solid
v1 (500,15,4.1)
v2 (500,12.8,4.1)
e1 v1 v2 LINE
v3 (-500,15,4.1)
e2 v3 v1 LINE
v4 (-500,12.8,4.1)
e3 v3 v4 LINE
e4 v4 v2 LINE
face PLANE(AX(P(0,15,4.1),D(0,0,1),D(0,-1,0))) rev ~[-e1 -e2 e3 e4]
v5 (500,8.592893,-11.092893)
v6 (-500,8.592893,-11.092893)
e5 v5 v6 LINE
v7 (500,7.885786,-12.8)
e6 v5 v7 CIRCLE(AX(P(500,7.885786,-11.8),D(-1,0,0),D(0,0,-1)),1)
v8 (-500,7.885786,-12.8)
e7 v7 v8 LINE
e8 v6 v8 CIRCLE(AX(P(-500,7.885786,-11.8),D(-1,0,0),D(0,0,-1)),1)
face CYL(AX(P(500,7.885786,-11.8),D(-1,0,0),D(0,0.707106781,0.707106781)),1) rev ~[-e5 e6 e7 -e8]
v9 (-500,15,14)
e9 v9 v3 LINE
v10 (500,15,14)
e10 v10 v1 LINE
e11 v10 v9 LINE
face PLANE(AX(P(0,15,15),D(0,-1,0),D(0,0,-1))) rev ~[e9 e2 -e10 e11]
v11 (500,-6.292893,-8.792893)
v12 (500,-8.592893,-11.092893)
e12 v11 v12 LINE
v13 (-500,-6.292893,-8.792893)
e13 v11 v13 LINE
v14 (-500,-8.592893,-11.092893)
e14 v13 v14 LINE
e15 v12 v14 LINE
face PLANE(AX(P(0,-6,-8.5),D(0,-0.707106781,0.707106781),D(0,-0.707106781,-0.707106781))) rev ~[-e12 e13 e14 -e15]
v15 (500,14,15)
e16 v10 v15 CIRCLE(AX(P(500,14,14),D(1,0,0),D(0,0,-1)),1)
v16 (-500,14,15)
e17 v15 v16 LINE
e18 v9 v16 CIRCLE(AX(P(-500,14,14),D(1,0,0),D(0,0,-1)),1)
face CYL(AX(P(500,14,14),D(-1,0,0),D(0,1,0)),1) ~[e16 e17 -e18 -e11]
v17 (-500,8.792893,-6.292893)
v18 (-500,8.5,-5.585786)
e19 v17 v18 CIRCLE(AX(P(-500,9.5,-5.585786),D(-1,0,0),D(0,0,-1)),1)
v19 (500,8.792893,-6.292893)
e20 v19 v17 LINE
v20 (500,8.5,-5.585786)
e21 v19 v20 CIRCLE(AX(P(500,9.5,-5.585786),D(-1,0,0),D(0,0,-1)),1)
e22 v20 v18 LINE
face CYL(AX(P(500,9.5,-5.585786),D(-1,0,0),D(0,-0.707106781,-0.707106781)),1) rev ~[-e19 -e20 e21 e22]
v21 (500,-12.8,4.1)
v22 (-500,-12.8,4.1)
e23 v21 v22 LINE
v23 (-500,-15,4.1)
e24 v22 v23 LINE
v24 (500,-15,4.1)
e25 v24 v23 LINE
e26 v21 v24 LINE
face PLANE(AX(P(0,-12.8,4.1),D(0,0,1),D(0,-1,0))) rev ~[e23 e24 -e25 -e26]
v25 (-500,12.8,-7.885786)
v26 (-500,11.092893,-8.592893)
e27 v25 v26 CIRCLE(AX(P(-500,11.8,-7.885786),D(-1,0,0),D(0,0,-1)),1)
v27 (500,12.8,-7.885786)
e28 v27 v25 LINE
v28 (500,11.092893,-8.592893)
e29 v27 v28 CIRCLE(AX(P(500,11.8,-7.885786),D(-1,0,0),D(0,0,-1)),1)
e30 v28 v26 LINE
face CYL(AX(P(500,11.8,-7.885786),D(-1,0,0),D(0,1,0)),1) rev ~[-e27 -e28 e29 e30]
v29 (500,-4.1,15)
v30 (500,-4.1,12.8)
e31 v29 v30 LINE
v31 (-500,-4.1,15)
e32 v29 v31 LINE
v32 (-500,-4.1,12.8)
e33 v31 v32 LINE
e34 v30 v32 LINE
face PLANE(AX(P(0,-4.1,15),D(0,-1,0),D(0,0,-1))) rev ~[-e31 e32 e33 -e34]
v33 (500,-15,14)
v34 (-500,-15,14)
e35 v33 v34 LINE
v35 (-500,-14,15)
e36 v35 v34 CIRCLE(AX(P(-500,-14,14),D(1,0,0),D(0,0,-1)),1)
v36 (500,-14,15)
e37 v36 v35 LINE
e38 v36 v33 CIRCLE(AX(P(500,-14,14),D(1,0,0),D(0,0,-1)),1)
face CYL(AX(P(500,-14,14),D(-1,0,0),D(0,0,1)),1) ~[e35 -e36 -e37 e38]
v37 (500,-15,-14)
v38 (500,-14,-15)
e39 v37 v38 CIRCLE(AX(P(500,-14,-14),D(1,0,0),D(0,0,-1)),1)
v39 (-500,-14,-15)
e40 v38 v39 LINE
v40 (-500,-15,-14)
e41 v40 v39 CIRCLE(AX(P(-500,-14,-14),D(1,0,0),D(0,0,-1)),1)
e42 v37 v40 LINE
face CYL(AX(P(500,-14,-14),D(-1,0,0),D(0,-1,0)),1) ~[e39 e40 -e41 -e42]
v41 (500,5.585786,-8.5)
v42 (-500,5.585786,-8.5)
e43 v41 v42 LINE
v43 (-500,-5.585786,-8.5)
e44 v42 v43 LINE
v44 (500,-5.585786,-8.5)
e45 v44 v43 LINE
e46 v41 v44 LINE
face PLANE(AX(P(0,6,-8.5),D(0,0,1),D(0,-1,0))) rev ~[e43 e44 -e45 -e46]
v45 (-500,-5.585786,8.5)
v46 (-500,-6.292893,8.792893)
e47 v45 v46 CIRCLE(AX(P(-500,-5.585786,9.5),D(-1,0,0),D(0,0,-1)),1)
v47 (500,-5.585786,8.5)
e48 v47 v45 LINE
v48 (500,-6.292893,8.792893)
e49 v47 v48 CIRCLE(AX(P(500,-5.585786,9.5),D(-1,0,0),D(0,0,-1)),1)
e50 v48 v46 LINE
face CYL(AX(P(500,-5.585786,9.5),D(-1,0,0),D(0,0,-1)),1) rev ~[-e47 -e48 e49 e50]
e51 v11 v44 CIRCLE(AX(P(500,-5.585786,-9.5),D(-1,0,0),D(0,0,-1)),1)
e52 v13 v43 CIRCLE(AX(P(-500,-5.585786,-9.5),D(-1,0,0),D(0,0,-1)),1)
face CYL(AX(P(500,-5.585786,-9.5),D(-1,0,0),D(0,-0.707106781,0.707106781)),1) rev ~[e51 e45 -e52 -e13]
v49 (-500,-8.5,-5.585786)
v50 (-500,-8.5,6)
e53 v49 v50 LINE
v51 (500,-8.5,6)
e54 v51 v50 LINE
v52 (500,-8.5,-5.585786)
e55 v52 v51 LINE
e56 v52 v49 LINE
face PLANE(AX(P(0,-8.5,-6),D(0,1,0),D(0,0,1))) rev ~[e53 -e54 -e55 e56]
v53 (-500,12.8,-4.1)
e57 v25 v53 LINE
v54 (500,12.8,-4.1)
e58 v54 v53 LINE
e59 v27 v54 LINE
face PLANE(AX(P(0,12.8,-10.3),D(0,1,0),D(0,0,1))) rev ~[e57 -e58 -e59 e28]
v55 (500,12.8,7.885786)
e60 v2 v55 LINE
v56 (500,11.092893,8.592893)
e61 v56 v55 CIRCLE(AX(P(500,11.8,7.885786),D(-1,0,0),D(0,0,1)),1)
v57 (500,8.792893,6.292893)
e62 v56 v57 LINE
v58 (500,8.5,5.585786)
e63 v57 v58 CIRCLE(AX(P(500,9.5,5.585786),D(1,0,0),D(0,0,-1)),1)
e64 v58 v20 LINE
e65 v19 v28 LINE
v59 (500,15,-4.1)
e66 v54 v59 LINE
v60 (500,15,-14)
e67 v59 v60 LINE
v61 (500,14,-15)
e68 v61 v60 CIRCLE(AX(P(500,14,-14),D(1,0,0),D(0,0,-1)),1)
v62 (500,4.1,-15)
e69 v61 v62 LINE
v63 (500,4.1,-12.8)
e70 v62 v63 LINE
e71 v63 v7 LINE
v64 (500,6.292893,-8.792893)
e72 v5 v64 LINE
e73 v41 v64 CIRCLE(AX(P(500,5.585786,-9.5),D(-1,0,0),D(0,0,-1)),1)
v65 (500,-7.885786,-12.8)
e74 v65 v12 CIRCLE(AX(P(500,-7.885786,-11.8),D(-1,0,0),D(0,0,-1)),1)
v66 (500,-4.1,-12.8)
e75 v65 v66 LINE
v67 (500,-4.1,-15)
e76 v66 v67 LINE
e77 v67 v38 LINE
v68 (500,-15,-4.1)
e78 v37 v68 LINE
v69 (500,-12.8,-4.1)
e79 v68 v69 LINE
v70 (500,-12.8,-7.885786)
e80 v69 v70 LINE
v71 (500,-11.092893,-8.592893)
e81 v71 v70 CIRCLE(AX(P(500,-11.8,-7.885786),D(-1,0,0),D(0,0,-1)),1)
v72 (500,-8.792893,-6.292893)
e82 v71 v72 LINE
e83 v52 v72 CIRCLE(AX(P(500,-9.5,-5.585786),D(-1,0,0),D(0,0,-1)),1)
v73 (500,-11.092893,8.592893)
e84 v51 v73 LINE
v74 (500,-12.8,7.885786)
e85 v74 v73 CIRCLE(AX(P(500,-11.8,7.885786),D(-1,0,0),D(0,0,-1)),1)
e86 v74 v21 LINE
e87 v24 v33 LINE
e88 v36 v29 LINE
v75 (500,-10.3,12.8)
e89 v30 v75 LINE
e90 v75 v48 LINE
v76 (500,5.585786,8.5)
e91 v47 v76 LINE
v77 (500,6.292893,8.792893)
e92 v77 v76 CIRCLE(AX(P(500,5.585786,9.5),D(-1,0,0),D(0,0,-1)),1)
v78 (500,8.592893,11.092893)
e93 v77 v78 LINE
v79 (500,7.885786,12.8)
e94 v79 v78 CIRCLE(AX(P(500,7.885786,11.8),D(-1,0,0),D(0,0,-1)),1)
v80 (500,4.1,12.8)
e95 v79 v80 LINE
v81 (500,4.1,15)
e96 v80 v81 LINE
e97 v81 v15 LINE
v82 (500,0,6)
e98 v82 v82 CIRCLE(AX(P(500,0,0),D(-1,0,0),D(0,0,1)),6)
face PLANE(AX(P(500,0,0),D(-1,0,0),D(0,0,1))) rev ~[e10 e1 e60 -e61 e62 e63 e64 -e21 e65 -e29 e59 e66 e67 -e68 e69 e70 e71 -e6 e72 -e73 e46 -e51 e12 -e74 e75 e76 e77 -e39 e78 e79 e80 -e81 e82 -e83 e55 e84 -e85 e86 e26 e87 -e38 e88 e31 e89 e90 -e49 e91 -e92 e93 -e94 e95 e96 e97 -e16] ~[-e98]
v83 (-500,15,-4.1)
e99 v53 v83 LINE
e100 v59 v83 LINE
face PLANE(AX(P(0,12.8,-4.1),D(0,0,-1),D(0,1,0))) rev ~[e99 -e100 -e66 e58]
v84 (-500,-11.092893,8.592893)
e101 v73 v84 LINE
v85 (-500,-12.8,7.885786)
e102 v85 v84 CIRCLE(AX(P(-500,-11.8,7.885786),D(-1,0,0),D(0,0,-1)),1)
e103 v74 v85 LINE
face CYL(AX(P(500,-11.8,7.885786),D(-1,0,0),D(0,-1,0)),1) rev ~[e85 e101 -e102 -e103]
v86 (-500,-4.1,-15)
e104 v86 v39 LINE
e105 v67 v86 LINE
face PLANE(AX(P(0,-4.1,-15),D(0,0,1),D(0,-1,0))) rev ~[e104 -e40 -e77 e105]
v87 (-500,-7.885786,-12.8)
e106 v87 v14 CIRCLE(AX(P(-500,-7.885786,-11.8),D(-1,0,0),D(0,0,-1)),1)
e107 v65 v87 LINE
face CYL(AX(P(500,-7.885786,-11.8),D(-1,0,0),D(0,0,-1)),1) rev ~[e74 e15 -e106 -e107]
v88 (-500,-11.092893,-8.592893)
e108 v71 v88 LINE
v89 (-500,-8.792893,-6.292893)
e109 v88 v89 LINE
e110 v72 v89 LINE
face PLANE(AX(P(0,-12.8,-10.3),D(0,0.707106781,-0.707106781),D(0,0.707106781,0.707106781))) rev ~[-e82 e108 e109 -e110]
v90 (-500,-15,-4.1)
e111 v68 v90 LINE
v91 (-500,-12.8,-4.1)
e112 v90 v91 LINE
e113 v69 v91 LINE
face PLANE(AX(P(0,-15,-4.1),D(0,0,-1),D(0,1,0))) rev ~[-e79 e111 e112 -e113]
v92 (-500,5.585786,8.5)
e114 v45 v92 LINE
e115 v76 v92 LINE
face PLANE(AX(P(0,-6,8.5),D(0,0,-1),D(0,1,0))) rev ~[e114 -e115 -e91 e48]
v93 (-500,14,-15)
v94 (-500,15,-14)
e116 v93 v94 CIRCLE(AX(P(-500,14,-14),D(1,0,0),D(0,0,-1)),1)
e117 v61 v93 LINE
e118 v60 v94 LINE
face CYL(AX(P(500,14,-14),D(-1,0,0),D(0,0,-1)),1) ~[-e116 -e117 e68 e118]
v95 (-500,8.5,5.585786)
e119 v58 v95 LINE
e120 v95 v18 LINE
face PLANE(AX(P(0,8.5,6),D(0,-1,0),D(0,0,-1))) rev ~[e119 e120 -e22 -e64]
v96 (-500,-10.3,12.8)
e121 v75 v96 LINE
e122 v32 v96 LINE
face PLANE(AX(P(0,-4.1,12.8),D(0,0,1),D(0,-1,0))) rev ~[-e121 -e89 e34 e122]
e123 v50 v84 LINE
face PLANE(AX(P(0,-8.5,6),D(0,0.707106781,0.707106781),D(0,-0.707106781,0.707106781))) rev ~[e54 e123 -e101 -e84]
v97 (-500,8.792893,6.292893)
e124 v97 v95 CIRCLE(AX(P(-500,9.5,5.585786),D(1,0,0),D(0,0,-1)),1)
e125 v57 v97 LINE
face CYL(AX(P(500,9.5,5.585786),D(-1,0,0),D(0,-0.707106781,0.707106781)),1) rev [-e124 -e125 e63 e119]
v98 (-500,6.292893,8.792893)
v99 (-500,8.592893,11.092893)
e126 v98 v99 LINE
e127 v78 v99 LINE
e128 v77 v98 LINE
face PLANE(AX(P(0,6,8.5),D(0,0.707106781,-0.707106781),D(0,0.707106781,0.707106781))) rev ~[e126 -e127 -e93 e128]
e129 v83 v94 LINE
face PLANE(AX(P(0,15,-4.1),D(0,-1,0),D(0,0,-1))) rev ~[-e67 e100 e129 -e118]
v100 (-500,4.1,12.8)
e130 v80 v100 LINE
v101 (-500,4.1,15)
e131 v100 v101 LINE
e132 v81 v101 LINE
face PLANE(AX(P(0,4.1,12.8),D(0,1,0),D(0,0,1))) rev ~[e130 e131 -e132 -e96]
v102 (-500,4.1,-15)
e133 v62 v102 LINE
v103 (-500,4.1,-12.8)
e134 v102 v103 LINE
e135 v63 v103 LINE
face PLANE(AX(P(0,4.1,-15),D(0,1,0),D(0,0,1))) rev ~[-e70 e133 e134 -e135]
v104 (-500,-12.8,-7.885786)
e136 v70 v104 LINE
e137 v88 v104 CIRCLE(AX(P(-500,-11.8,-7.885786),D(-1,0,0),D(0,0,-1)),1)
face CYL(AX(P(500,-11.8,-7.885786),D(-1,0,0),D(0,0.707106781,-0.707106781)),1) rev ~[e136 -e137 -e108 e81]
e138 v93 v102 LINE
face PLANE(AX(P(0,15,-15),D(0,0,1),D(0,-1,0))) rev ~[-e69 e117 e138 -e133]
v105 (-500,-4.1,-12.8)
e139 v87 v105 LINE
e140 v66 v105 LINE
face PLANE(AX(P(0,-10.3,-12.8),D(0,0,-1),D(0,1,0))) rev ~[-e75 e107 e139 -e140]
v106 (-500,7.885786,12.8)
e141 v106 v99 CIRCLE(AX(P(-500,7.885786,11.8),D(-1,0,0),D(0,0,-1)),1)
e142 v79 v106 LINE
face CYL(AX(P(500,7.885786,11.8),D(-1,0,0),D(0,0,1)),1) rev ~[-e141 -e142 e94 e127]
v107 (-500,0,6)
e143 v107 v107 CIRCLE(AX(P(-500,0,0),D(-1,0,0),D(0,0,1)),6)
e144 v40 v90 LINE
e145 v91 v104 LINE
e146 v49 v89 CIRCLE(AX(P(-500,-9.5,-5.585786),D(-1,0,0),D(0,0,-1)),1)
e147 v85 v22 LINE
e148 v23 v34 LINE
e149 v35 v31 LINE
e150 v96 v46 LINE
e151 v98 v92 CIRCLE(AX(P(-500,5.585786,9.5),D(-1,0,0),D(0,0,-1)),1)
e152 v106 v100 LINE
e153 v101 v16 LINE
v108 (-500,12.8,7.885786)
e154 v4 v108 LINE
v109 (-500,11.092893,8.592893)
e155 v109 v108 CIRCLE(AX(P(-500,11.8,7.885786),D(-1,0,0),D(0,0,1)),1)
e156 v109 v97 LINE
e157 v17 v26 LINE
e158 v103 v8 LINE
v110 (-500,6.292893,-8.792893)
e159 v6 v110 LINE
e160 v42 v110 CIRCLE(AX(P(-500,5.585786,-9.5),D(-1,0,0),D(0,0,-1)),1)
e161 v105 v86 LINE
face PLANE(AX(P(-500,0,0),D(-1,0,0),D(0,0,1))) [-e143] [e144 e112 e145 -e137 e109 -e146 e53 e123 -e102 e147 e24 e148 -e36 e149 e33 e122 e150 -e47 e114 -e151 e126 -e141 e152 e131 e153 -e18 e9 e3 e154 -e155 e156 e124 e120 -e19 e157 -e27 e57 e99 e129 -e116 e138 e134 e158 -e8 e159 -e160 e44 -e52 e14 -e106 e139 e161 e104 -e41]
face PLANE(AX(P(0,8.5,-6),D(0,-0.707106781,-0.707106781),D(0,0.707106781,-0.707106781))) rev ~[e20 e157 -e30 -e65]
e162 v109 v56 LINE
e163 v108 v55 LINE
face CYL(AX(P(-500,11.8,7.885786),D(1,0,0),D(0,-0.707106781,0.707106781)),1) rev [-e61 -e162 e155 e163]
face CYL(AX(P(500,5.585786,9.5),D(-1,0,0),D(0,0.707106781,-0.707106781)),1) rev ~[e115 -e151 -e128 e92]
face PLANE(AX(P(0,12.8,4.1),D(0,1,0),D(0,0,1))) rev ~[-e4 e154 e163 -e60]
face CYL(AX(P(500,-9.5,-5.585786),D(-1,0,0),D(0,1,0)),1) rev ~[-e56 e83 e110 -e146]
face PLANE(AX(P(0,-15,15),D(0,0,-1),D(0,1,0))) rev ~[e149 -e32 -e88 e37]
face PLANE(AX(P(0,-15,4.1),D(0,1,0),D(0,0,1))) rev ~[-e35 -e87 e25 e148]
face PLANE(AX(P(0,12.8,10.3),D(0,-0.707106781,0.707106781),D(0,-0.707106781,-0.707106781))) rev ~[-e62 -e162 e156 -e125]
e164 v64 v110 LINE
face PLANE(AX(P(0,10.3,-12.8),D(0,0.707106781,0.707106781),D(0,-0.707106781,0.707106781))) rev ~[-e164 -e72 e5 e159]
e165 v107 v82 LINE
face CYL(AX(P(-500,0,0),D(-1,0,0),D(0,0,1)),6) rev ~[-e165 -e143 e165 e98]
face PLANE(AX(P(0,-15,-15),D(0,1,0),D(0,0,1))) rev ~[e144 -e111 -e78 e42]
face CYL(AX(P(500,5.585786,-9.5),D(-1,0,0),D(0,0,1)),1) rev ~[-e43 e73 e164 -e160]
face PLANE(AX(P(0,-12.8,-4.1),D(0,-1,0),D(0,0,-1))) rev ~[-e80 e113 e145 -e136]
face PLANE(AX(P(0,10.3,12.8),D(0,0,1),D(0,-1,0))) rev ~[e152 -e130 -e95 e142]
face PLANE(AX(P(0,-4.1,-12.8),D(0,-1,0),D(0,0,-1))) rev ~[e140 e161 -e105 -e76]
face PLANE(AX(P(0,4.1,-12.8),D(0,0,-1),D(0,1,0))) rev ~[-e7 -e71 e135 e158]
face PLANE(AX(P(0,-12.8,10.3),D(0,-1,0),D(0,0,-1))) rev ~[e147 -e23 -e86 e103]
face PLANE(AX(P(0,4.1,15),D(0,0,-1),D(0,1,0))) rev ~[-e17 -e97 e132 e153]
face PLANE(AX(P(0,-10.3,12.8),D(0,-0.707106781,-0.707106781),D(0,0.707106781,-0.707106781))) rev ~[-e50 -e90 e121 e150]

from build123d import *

# Parameters (mm, degrees)
BOSS_EXTRUDE2_DEPTH = 500
FILLET1_R           = 1
SKETCH2_R           = 6
CUT_EXTRUDE1_DEPTH  = 1001.224974693


with BuildPart() as part:
    # Sketch1 → Boss-Extrude2 (new, symmetric)
    with BuildSketch(Plane(origin=(0, 0, 0), x_dir=(0, 0, -1), z_dir=(1, 0, 0))):
        Polygon((-10.3, 12.8), (-6, 8.5), (6, 8.5), (10.3, 12.8), (4.1, 12.8), (4.1, 15), (15, 15), (15, 4.1), (12.8, 4.1), (12.8, 10.3), (8.5, 6), (8.5, -6), (12.8, -10.3), (12.8, -4.1), (15, -4.1), (15, -15), (4.1, -15), (4.1, -12.8), (10.3, -12.8), (6, -8.5), (-6, -8.5), (-10.3, -12.8), (-4.1, -12.8), (-4.1, -15), (-15, -15), (-15, -4.1), (-12.8, -4.1), (-12.8, -10.3), (-8.5, -6), (-8.5, 6), (-12.8, 10.3), (-12.8, 4.1), (-15, 4.1), (-15, 15), (-4.1, 15), (-4.1, 12.8), align=None)
    extrude(amount=BOSS_EXTRUDE2_DEPTH, both=True)

    # Fillet1
    fillet1_edges = [part.edges().sort_by_distance(p)[0] for p in [
        (0, 10.3, 12.8),
        (0, 6, 8.5),
        (0, -6, 8.5),
        (0, -15, 15),
        (0, -12.8, 10.3),
        (0, -8.5, -6),
        (0, -12.8, -10.3),
        (0, -15, -15),
        (0, -10.3, -12.8),
        (0, -6, -8.5),
        (0, 6, -8.5),
        (0, 10.3, -12.8),
        (0, 15, -15),
        (0, 12.8, -10.3),
        (0, 8.5, -6),
        (0, 8.5, 6),
        (0, 12.8, 10.3),
        (0, 15, 15),
    ]]
    fillet(fillet1_edges, radius=FILLET1_R)

    # Sketch2 → Cut-Extrude1 (cut, through all)
    with BuildSketch(Plane.ZY.offset(500)):
        Circle(SKETCH2_R)
    extrude(amount=-CUT_EXTRUDE1_DEPTH, mode=Mode.SUBTRACT)


solid = part.part
